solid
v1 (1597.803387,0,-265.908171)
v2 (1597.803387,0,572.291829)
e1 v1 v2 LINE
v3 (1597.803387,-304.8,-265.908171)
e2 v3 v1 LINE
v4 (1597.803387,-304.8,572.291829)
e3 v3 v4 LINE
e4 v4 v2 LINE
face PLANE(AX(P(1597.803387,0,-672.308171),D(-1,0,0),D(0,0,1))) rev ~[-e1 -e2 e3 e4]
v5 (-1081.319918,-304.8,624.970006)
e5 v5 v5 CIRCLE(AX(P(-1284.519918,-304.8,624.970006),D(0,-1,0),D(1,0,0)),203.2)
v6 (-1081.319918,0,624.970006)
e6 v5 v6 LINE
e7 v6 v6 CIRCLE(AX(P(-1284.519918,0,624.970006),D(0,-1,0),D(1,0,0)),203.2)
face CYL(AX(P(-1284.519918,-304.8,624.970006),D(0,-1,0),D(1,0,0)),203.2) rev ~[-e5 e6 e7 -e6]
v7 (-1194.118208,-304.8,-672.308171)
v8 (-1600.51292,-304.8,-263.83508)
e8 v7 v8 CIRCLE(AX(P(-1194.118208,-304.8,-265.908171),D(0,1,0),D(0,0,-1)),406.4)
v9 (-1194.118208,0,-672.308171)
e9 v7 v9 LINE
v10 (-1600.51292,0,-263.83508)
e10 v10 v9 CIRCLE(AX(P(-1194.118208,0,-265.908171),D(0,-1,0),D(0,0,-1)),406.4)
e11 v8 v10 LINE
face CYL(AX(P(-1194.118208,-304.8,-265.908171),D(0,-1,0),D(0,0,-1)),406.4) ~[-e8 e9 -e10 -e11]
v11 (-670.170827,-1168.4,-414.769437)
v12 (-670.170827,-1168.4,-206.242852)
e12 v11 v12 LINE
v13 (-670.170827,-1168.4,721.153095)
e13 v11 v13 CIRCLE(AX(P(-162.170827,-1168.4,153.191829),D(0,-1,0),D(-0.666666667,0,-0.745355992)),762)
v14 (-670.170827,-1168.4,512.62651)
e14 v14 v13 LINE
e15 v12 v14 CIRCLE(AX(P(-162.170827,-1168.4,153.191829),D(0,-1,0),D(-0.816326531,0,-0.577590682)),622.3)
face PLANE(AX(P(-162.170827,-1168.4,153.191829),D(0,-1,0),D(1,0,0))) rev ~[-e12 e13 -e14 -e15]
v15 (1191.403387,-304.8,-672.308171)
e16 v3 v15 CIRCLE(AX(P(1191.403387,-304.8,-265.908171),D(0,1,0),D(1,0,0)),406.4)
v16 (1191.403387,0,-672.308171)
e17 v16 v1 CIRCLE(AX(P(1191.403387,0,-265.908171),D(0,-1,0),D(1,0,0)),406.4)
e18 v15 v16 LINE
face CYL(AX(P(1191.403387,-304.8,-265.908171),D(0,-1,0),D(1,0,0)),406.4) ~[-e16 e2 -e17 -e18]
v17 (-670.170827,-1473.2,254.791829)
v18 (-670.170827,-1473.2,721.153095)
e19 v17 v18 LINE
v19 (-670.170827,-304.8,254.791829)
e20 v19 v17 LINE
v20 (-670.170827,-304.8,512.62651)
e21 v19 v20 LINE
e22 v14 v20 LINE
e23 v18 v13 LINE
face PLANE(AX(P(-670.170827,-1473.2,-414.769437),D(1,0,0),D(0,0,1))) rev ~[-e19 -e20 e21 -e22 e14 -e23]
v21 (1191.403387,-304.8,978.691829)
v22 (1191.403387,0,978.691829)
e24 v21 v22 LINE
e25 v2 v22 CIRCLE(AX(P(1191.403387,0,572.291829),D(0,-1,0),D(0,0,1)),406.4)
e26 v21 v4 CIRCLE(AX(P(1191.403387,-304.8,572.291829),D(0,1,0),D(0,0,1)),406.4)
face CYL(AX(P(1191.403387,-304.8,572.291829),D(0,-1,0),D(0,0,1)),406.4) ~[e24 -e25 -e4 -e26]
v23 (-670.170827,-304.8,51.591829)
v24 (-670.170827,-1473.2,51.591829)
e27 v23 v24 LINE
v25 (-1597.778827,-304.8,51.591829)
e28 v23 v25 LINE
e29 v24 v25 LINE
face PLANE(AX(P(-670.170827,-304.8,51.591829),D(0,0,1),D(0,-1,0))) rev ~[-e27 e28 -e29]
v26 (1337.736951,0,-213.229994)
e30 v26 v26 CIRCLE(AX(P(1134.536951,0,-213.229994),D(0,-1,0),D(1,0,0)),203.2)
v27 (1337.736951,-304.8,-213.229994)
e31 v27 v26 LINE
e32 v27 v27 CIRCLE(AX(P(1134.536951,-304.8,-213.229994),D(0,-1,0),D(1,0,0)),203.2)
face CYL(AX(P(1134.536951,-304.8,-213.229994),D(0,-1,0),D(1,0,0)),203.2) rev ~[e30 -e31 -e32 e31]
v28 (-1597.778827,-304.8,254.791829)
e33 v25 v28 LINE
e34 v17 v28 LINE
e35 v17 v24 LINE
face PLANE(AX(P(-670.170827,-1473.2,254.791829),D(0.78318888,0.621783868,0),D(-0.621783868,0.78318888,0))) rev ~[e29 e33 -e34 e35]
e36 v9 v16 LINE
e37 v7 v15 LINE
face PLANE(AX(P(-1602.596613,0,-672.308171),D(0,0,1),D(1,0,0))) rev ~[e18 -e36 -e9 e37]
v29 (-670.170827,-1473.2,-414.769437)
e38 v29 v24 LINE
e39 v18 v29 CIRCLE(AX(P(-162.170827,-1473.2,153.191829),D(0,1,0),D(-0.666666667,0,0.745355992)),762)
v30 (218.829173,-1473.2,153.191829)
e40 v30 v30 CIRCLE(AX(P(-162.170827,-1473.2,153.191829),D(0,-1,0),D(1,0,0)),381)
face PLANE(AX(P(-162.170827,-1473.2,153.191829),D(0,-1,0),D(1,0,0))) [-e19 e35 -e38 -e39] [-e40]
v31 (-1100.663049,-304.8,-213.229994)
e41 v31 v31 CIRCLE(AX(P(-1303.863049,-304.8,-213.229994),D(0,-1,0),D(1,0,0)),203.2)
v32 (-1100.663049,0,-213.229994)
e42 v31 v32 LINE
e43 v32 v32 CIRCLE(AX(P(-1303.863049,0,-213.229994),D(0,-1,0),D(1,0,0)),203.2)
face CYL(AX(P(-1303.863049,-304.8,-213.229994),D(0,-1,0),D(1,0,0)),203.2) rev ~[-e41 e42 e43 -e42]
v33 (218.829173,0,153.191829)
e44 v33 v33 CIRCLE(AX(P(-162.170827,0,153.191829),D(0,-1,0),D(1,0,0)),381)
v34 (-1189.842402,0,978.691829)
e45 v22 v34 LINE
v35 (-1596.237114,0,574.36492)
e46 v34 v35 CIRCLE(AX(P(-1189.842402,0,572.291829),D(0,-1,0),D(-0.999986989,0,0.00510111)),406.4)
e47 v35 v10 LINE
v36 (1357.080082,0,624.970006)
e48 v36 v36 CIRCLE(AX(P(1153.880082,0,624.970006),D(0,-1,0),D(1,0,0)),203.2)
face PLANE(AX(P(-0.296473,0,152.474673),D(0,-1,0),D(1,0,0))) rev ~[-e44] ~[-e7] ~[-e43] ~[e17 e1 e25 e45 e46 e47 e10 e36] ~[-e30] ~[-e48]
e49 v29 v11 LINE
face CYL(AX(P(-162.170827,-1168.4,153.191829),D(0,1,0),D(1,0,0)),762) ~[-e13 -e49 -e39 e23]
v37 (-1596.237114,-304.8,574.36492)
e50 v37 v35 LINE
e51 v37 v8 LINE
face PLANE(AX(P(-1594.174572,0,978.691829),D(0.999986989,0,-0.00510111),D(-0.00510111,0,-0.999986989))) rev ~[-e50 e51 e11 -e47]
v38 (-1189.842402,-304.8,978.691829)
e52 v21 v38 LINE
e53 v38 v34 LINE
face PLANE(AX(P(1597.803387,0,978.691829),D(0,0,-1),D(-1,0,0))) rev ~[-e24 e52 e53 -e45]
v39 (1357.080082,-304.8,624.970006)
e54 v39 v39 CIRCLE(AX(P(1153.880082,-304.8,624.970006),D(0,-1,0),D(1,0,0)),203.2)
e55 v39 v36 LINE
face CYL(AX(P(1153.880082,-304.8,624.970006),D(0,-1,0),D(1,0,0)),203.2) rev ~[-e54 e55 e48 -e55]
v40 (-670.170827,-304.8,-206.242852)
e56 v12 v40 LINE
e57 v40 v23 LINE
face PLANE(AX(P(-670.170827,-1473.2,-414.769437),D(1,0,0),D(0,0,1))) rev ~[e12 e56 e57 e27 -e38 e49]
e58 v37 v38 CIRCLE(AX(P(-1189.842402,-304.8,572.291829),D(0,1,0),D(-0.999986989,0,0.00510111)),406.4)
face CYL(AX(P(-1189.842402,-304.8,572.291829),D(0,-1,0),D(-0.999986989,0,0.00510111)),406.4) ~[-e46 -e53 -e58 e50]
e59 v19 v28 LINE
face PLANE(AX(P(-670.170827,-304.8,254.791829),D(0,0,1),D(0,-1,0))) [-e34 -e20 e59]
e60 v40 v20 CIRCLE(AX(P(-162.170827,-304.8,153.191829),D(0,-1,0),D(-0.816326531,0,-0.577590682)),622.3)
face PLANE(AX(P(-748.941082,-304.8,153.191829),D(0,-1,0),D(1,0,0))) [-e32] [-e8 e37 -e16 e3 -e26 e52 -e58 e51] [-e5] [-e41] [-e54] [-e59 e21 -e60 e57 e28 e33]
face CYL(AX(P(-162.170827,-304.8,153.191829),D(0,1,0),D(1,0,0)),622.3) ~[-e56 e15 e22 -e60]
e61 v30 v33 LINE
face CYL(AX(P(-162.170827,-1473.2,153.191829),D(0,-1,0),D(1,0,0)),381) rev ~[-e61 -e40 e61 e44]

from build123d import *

# Parameters (mm, degrees)
F1_DEPTH  = 304.8
F2_R      = 203.2
F3_DEPTH  = 304.801
F4_R      = 622.3
F5_DEPTH  = 863.6
F6_R      = 762
F6_R_2    = 622.3
F7_DEPTH  = 304.8
F8_R      = 381
F9_DEPTH  = 1473.201
F11_DEPTH = 1168.4
F12_W     = 1168.4
F12_H     = 203.2
F13_DEPTH = 927.608
F15_DEPTH = 203.2
F17_DEPTH = 304.801


with BuildPart() as f1:
    # F0 (on Front) → F1 (new body)
    with BuildSketch(Plane.XZ):
        Polygon((1597.8033866405, 978.6918288183), (-1594.1745716925, 978.6918288183), (-1602.5966133595, -672.3081711817), (1597.8033866405, -672.3081711817), align=None)
    extrude(amount=F1_DEPTH)

    # F2 (on face) → F3 (cut, through all)
    with BuildSketch(Plane.XZ.offset(304.8)):
        with Locations((-1284.5199181577, 624.9700057066)):
            Circle(F2_R)
        with Locations((-1303.8630485535, -213.2299942934)):
            Circle(F2_R)
        with Locations((1134.5369514465, -213.2299942934)):
            Circle(F2_R)
        with Locations((1153.8800818423, 624.9700057066)):
            Circle(F2_R)
    extrude(amount=-F3_DEPTH, mode=Mode.SUBTRACT)

    # F4 (on face) → F5 (join)
    with BuildSketch(Plane.XZ.offset(304.8)):
        with Locations((-162.1708273888, 153.1918288183)):
            Circle(F4_R)
    extrude(amount=F5_DEPTH)

    # F6 (on face) → F7 (join)
    with BuildSketch(Plane.XZ.offset(1168.4)):
        with Locations((-162.1708273888, 153.1918288183)):
            Circle(F6_R)
        with Locations((-162.1708273888, 153.1918288183)):
            Circle(F6_R_2, mode=Mode.SUBTRACT)
        with Locations((-162.1708273888, 153.1918288183)):
            Circle(F6_R_2)
    extrude(amount=F7_DEPTH)

    # F8 (on face) → F9 (cut, through all)
    with BuildSketch(Plane.XZ.offset(1473.2)):
        with Locations((-162.1708273888, 153.1918288183)):
            Circle(F8_R)
    extrude(amount=-F9_DEPTH, mode=Mode.SUBTRACT)

    # F10 (on face) → F11 (cut, through all)
    with BuildSketch(Plane.XZ.offset(1473.2)):
        with BuildLine():
            Line((-670.1708273888, -414.7694374667), (-670.1708273888, 721.1530951032))
            ThreePointArc((-670.1708273888, 721.1530951032), (-924.1708273888, 153.1918288183), (-670.1708273888, -414.7694374667))
        make_face()
    extrude(amount=-F11_DEPTH, mode=Mode.SUBTRACT)

    # F12 (on face) → F13 (join)
    with BuildSketch(Plane(origin=(-670.1708273888, 0, 0), x_dir=(0, -1, 0), z_dir=(-1, 0, 0))):
        with Locations((889, 153.1918288183)):
            Rectangle(F12_W, F12_H)
    extrude(amount=F13_DEPTH)

    # F14 (on face) → F15 (cut, through all)
    with BuildSketch(Plane.XY.offset(254.7918288183)):
        Polygon((-1597.7788273888, -1473.2), (-670.1708273888, -1473.2), (-1597.7788273888, -304.8), align=None)
    extrude(amount=-F15_DEPTH, mode=Mode.SUBTRACT)

    # F16 (on face) → F17 (cut, through all)
    with BuildSketch(Plane.XZ.offset(304.8)):
        with BuildLine():
            ThreePointArc((1597.8033866405, -265.9081711817), (1478.7715825148, -553.276367056), (1191.4033866405, -672.3081711817))
            Line((1191.4033866405, -672.3081711817), (1597.8033866405, -672.3081711817))
            Line((1597.8033866405, -672.3081711817), (1597.8033866405, -265.9081711817))
        make_face()
        with BuildLine():
            ThreePointArc((1191.4033866405, 978.6918288183), (1478.7715825148, 859.6600246925), (1597.8033866405, 572.2918288183))
            Line((1597.8033866405, 572.2918288183), (1597.8033866405, 978.6918288183))
            Line((1597.8033866405, 978.6918288183), (1191.4033866405, 978.6918288183))
        make_face()
        with BuildLine():
            Line((-1602.5966133595, -672.3081711817), (-1194.1182077752, -672.3081711817))
            ThreePointArc((-1194.1182077752, -672.3081711817), (-1482.218419657, -552.5424816082), (-1600.5129202086, -263.8350802058))
            Line((-1600.5129202086, -263.8350802057), (-1602.5966133595, -672.3081711817))
        make_face()
        with BuildLine():
            Line((-1594.1745716925, 978.6918288183), (-1596.2371144392, 574.3649197942))
            ThreePointArc((-1596.2371144392, 574.3649197942), (-1476.4767124324, 860.3920407), (-1189.8424020058, 978.6918288183))
            Line((-1189.8424020058, 978.6918288183), (-1594.1745716925, 978.6918288183))
        make_face()
    extrude(amount=-F17_DEPTH, mode=Mode.SUBTRACT)


solid = f1.part
